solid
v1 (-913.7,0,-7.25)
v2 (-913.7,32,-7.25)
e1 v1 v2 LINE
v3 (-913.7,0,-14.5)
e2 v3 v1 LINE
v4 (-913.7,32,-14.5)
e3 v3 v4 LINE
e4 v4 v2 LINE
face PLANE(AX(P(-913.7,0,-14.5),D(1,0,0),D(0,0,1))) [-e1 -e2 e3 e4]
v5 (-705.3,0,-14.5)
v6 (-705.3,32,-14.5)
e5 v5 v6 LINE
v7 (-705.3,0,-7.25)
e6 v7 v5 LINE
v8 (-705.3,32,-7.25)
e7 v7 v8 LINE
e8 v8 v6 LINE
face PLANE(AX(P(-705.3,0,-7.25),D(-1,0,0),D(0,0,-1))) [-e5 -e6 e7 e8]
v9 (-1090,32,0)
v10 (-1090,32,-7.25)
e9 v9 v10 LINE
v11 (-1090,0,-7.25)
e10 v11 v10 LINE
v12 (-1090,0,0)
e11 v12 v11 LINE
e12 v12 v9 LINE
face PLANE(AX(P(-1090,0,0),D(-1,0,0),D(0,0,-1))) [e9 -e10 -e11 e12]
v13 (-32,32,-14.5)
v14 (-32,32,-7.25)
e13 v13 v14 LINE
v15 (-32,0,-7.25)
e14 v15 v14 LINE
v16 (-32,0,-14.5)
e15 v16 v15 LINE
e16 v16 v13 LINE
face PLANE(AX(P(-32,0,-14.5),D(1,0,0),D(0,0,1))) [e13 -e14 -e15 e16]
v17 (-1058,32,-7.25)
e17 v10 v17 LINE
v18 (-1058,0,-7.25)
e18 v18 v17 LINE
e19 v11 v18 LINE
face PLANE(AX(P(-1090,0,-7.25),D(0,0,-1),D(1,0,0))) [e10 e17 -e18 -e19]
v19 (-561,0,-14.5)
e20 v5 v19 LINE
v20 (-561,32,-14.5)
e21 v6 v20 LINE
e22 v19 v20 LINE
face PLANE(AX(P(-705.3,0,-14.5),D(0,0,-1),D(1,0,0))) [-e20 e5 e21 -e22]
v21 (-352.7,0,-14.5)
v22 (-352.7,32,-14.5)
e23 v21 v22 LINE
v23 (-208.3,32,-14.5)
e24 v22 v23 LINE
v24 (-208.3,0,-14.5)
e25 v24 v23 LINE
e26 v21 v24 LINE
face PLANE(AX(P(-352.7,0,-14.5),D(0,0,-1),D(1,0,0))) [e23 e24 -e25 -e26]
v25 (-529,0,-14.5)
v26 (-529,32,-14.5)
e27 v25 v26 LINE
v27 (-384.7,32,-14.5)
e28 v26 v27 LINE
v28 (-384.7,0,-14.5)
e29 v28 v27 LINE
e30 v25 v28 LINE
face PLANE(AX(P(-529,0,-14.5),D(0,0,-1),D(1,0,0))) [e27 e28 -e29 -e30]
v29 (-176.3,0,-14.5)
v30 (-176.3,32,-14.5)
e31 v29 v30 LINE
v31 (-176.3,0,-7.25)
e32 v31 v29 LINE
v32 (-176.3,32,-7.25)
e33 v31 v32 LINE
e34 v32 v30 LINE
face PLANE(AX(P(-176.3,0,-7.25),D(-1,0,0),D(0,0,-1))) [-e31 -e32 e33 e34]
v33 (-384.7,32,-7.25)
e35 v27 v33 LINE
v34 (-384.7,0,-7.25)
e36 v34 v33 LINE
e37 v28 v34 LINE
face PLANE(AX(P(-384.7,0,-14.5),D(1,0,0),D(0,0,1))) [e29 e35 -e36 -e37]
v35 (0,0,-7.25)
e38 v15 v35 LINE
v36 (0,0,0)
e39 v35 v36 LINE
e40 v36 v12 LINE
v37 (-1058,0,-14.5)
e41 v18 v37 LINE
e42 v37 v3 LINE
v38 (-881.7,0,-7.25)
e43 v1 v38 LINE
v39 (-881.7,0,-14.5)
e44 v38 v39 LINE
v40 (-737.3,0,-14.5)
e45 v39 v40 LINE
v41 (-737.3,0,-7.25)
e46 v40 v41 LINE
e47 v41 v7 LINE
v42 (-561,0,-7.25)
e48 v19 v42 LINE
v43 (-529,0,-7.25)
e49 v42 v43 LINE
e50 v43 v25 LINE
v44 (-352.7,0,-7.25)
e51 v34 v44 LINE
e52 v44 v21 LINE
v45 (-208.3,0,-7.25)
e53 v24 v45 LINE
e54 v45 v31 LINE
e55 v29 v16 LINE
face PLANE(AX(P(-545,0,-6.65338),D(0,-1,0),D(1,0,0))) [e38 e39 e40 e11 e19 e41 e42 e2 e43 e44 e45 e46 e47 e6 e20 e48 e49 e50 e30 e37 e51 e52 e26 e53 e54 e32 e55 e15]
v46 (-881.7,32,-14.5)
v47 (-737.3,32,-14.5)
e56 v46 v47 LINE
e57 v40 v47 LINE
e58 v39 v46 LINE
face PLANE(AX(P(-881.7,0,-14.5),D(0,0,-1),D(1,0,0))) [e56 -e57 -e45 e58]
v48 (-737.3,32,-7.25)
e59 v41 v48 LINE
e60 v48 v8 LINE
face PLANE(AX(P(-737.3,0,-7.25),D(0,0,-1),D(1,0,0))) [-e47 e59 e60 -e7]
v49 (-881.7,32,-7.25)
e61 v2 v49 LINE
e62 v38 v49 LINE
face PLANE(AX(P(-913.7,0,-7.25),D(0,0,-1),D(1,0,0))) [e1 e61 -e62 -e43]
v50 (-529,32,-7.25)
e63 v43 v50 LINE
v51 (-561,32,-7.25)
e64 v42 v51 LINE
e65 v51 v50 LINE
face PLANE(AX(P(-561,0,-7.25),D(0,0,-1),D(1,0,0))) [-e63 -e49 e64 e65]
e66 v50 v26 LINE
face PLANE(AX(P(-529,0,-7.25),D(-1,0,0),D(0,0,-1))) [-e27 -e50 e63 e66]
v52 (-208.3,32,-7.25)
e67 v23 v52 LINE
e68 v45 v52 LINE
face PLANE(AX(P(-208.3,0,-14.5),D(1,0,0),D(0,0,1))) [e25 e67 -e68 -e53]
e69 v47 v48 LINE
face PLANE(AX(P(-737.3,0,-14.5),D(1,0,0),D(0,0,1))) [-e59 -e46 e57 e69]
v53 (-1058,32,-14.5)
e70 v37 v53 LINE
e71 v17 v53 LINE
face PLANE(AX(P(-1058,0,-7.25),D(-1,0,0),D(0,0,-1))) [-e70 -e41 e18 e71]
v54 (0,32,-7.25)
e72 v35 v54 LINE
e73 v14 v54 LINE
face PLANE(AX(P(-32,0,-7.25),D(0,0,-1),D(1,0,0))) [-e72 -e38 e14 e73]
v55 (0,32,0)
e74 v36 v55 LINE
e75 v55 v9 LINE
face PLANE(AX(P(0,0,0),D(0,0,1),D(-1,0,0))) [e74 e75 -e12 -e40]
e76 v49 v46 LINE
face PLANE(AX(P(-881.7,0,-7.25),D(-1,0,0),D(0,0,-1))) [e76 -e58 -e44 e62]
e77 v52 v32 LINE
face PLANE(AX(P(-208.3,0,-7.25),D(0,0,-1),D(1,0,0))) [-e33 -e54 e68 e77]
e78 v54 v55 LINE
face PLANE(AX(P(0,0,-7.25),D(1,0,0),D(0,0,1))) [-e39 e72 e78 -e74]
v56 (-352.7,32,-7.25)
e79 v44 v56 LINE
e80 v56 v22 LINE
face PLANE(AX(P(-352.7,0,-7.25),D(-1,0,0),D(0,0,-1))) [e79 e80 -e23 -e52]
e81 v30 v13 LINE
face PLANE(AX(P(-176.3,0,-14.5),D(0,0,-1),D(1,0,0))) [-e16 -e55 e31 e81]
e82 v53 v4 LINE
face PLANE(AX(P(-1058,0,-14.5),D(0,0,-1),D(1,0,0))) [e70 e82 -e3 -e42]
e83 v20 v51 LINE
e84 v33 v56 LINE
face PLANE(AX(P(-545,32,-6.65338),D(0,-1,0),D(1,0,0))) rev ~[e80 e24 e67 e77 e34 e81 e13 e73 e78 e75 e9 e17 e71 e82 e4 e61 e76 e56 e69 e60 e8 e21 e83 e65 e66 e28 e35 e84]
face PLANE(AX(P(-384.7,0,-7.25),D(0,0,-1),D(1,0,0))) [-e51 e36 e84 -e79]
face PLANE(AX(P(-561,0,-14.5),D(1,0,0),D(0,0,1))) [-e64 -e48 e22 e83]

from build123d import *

# Parameters (mm, degrees)
F1_DEPTH = 32


with BuildPart() as f1:
    # F0 (on Front) → F1 (new body)
    with BuildSketch(Plane.XZ):
        Polygon((0, -7.25), (0, 0), (-1090, 0), (-1090, -7.25), (-1058, -7.25), (-1058, -14.5), (-913.7, -14.5), (-913.7, -7.25), (-881.7, -7.25), (-881.7, -14.5), (-737.3, -14.5), (-737.3, -7.25), (-705.3, -7.25), (-705.3, -14.5), (-561, -14.5), (-561, -7.25), (-529, -7.25), (-529, -14.5), (-384.7, -14.5), (-384.7, -7.25), (-352.7, -7.25), (-352.7, -14.5), (-208.3, -14.5), (-208.3, -7.25), (-176.3, -7.25), (-176.3, -14.5), (-32, -14.5), (-32, -7.25), align=None)
    extrude(amount=-F1_DEPTH)


solid = f1.part
